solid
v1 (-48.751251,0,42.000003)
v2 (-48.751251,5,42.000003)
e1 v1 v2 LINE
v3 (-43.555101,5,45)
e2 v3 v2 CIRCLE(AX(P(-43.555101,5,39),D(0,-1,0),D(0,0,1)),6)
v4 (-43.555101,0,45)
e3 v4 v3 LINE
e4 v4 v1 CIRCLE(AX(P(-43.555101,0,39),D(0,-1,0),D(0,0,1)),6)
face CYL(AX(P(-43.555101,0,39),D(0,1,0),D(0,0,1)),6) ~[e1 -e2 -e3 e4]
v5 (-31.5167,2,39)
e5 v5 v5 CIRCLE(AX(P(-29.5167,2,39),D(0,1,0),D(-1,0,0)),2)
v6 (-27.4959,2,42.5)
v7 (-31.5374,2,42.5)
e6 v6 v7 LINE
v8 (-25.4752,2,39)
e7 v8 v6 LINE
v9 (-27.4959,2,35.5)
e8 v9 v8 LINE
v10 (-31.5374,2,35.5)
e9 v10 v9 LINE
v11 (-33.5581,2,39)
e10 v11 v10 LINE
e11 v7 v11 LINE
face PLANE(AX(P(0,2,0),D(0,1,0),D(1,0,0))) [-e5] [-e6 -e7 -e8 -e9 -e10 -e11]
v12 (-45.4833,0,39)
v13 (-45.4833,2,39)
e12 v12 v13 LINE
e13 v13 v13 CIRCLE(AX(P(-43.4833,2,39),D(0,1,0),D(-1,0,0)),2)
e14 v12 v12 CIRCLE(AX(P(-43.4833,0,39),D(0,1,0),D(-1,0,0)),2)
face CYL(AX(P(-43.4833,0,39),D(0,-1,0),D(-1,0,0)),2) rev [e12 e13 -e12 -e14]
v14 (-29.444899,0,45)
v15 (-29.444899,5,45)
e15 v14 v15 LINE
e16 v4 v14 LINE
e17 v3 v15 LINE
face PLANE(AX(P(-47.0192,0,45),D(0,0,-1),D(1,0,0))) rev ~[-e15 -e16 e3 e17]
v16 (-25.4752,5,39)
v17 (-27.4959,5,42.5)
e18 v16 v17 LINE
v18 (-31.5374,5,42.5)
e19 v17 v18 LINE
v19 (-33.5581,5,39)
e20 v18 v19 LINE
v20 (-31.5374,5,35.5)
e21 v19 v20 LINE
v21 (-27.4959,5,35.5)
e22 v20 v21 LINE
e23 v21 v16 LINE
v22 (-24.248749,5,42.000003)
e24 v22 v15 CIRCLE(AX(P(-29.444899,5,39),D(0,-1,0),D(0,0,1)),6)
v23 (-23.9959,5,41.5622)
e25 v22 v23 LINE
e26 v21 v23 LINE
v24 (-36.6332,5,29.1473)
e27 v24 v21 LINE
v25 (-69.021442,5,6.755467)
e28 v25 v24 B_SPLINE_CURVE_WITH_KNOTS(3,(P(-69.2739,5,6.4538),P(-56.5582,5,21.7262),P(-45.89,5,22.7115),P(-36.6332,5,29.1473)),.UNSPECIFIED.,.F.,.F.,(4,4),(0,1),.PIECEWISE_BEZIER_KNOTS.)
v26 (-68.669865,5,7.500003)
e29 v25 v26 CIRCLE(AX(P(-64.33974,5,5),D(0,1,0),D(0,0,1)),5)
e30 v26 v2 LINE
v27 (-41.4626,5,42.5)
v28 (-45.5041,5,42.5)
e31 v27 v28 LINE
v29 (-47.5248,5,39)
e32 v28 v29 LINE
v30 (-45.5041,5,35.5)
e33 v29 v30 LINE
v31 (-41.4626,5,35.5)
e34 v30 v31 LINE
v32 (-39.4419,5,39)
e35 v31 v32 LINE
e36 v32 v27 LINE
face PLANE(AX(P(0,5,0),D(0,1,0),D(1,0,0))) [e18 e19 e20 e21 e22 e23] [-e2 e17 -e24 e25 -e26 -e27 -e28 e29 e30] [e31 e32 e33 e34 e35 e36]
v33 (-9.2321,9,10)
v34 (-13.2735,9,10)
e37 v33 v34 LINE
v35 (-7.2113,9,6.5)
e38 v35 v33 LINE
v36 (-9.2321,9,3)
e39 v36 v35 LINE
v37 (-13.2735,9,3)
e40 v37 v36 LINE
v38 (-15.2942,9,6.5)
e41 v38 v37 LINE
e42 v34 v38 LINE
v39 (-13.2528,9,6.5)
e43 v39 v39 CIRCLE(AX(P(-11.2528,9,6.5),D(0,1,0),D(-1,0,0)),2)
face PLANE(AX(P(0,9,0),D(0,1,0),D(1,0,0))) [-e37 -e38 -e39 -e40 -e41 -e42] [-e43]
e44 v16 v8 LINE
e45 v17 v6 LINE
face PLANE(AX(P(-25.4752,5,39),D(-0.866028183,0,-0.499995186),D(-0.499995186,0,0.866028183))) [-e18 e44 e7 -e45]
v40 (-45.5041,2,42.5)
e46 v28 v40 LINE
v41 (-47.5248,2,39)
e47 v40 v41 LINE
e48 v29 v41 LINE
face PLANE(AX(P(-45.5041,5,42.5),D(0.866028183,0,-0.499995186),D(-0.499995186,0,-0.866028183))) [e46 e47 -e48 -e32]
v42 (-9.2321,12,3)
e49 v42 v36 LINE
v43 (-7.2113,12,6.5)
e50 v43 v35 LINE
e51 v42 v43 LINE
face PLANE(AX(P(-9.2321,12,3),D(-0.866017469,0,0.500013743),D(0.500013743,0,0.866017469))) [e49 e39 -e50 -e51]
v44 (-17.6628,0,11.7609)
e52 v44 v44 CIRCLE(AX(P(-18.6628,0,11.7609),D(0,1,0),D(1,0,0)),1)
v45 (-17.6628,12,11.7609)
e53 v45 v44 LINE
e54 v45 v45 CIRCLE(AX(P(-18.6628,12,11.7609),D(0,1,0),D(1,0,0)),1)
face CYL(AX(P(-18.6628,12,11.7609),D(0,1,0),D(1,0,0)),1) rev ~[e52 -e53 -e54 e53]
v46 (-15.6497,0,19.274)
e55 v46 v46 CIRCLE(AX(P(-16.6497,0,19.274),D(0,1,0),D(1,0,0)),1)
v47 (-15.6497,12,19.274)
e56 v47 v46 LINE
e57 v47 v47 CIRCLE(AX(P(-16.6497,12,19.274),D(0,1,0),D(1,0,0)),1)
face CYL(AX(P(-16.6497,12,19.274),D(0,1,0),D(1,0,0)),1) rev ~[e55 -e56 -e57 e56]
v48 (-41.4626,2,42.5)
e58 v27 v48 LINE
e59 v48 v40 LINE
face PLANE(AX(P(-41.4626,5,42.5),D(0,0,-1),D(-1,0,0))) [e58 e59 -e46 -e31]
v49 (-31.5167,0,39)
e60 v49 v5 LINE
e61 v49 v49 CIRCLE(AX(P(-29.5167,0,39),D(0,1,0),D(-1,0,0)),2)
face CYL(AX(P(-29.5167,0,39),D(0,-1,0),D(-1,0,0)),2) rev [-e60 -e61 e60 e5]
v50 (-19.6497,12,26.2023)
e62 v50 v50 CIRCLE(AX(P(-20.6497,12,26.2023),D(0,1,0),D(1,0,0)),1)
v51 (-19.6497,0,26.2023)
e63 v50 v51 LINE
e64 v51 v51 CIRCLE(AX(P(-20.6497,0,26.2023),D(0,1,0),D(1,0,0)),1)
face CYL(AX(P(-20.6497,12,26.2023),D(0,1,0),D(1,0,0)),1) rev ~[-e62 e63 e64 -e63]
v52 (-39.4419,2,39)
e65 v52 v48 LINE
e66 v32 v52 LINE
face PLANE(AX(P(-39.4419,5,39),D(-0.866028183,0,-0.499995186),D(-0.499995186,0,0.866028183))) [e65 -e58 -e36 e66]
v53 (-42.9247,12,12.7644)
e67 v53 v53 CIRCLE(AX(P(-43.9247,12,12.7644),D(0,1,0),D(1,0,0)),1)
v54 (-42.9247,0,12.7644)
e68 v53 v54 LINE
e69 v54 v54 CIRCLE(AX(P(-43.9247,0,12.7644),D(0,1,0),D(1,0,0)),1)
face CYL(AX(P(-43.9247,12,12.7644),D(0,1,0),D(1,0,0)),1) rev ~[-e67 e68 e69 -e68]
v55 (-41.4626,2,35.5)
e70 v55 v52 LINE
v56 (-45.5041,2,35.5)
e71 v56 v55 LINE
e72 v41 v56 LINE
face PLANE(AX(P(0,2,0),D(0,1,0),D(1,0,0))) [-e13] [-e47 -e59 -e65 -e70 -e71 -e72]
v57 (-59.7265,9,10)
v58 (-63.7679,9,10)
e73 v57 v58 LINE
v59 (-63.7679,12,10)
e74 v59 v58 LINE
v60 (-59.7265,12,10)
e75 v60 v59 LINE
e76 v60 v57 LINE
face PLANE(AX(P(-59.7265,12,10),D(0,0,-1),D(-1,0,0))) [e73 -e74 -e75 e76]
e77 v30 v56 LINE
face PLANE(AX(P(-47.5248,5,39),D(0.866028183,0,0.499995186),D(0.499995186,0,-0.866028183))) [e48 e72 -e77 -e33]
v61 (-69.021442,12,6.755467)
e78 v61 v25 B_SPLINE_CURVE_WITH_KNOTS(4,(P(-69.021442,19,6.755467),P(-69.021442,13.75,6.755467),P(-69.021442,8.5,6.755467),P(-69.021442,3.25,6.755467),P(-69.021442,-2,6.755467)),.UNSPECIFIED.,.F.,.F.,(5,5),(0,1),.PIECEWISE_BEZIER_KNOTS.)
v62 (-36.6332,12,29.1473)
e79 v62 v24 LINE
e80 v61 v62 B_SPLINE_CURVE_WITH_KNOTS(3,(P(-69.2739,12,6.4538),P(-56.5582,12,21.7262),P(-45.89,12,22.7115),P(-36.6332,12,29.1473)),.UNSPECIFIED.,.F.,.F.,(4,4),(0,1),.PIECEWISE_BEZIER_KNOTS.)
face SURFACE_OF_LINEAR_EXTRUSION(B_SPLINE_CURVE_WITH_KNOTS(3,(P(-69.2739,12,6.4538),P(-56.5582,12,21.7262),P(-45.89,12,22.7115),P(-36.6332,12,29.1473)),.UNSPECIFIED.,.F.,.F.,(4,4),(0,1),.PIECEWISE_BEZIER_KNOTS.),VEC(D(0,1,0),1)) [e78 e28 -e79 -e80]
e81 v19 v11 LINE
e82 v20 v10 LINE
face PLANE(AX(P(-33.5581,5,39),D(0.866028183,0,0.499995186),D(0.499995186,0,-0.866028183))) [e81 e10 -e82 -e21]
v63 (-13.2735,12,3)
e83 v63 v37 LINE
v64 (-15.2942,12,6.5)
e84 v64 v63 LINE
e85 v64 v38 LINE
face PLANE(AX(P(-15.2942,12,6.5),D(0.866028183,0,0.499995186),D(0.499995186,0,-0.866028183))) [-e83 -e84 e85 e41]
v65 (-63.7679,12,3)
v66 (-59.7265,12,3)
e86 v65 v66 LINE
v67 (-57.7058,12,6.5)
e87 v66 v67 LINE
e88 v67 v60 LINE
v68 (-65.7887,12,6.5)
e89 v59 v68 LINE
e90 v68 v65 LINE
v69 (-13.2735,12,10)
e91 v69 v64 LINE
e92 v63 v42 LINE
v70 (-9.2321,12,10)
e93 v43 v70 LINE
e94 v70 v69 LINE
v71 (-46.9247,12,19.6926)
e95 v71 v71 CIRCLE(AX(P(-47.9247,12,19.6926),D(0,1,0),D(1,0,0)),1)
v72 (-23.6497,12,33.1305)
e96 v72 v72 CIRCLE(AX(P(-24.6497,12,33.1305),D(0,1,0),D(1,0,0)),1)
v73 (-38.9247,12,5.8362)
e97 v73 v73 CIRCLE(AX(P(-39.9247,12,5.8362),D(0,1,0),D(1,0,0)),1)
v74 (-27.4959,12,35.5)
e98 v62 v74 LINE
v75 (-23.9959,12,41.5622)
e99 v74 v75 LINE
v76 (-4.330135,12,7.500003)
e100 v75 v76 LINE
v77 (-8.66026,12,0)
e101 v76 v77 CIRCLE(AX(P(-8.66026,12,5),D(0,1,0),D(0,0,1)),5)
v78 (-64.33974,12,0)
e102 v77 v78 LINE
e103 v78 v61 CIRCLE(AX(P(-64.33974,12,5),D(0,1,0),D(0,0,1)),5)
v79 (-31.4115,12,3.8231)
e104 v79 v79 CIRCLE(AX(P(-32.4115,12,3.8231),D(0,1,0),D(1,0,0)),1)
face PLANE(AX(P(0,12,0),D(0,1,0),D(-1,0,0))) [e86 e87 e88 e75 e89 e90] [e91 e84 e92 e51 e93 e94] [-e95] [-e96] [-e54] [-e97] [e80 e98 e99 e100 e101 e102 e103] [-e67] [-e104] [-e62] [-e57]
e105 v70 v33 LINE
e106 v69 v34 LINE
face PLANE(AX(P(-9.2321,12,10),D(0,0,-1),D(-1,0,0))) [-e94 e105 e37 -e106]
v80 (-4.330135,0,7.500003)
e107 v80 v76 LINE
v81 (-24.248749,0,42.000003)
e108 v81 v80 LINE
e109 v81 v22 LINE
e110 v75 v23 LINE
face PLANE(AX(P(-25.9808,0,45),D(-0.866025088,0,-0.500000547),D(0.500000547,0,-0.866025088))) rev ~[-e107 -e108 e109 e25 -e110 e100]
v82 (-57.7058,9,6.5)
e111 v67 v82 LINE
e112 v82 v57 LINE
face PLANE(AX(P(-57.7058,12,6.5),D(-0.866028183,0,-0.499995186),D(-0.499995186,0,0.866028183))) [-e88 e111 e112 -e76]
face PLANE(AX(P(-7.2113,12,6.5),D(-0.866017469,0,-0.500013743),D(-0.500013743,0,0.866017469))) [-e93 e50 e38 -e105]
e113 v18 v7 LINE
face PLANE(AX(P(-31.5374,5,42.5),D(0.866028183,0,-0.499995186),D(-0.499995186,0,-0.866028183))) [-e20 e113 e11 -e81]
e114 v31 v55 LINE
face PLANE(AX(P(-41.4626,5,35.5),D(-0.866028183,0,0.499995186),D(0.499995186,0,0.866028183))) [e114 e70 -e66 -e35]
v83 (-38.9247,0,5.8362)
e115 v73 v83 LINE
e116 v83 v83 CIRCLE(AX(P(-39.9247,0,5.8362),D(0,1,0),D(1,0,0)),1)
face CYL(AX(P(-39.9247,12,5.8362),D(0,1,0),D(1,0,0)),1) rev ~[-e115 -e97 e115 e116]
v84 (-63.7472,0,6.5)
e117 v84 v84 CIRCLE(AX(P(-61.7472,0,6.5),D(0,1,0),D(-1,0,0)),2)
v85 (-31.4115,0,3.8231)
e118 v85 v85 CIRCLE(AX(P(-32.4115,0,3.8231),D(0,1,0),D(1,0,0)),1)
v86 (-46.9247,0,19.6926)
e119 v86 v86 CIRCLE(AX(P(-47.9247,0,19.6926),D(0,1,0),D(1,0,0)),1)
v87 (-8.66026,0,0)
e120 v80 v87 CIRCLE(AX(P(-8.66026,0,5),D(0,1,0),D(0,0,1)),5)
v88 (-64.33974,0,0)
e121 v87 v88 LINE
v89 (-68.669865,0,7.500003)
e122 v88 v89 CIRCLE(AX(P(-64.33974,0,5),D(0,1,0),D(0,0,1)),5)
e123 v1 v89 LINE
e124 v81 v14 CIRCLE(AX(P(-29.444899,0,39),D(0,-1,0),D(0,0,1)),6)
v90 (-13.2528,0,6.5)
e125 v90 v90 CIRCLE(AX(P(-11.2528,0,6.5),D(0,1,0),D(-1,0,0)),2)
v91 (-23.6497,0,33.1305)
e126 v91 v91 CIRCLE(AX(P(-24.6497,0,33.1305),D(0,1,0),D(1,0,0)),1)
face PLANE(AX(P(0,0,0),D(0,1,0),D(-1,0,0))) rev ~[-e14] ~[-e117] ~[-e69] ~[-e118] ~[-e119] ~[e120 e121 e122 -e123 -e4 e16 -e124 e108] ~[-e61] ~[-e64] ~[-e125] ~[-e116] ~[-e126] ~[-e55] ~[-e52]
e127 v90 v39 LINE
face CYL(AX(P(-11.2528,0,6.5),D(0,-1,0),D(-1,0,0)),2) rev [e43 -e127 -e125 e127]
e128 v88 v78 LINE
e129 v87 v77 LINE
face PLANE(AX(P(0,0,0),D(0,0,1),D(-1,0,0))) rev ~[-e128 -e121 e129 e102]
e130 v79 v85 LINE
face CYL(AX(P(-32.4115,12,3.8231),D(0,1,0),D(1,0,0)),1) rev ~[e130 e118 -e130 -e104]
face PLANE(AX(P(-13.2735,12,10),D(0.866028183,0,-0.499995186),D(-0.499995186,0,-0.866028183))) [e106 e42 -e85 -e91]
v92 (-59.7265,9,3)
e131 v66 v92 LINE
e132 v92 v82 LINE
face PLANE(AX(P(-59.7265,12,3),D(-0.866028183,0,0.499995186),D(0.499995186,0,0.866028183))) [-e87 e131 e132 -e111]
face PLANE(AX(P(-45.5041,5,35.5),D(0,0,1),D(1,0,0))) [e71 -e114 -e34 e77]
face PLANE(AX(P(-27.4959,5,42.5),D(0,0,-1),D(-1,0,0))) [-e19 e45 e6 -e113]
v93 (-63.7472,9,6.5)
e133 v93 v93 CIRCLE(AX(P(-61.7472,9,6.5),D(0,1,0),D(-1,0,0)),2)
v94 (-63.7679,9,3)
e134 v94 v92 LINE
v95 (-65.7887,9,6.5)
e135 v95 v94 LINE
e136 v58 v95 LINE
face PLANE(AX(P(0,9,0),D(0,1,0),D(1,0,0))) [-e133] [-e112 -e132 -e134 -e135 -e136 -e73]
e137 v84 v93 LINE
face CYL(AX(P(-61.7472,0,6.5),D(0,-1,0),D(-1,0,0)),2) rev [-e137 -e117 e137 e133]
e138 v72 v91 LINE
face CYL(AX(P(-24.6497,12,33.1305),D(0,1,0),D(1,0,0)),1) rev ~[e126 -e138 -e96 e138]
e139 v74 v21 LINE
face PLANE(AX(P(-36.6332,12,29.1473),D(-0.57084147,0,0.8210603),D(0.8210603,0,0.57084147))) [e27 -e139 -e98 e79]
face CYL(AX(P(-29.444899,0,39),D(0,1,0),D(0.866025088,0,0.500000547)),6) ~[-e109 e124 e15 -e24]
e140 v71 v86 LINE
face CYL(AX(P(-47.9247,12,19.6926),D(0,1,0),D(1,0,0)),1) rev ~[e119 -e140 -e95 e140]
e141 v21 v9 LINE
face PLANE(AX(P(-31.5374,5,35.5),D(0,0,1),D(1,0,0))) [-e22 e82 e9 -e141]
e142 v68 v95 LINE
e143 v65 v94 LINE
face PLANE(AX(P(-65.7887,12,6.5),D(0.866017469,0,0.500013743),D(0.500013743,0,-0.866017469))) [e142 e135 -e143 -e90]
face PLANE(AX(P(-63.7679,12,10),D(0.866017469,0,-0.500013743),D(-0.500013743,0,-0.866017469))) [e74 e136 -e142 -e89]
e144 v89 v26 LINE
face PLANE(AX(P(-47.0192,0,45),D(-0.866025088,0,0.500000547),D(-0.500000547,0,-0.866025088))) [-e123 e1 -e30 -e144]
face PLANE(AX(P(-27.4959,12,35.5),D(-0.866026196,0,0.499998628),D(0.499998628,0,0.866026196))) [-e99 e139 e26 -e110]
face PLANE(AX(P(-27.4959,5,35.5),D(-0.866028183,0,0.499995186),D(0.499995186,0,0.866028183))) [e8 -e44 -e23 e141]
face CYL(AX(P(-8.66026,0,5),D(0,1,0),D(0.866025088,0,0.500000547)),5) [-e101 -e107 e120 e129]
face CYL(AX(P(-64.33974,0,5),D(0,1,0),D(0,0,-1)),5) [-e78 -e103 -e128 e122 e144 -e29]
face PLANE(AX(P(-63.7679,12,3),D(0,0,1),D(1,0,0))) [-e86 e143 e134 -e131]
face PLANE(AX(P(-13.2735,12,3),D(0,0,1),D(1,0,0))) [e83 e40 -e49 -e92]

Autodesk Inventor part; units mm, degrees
ref_plane "YZ Plane" through (0, 0, 0) normal (1, 0, 0) x (0, 1, 0)
ref_plane "XZ Plane" through (0, 0, 0) normal (0, 1, 0) x (-1, 0, 0)
ref_plane "XY Plane" through (0, 0, 0) normal (0, 0, 1) x (1, 0, 0)
sketch "Esquisse1" plane through (0, 0, 0) normal (0, 1, 0) x (-1, 0, 0)
  line L0 (0, 0) -> (73, 0) construction
  line L1 (73, 0) -> (36.5, 63.2199) construction
  line L2 (36.5, 63.2199) -> (0, 0) construction
  line L3 (0, 0) -> (0, 45) construction
  line L4 (0, 45) -> (25.9808, 45) construction
  line L5 (73, 0) -> (73, 39) construction
  line L6 (73, 39) -> (50.4833, 39) construction
  line L7 (22.5167, 39) -> (29.5167, 39) construction
  line L8 (50.4833, 39) -> (43.4833, 39) construction
  line L9 (25.9808, 45) -> (47.0192, 45) construction
  line L10 (43.4833, 45) -> (43.4833, 39) construction
  line L11 (29.5167, 39) -> (29.5167, 45) construction
  line L12 (3.7528, 6.5) -> (11.2528, 6.5) construction
  line L13 (11.2528, 6.5) -> (11.2528, 0) construction
  line L14 (73, 0) -> (73, 6.5) construction
  line L15 (69.2472, 6.5) -> (61.7472, 6.5) construction
  line L16 (61.7472, 6.5) -> (61.7472, 0) construction
  circle A0 centre (29.5167, 39) radius 2
  circle A1 centre (43.4833, 39) radius 2
  circle A2 centre (11.2528, 6.5) radius 2
  circle A3 centre (61.7472, 6.5) radius 2
  line L17 (0, 0) -> (73, 0)
  line L18 (47.0192, 45) -> (73, 0)
  line L19 (47.0192, 45) -> (25.9808, 45)
  line L20 (25.9808, 45) -> (0, 0)
  dimension "d1" = 73
  dimension "d2" = 60
  dimension "d3" = 45
  dimension "d5" = 39
  dimension "d7" = 7
  dimension "d17" = 6.5
  dimension "d18" = 7.5
  dimension "d20" = 4
extrude "Extrusion1" add sketch "Esquisse1" along normal blind 12
sketch "Esquisse2" plane through (0, 12, 0) normal (0, 1, 0) x (1, 0, 0)
  circle A0 centre (-43.4833, -39) radius 2 projected
  line L0 (0, 0) -> (-73, 0) projected
  line L1 (-47.0192, -45) -> (-21.0385, 0) construction
  line L2 (-47.0192, -45) -> (4.9423, -45) construction
  line L3 (-43.4833, -39) -> (-55.1747, -32.25) construction
  line L4 (-55.1747, -32.25) -> (-51.9247, -26.6208) construction
  line L5 (-51.9247, -26.6208) -> (-47.9247, -19.6926) construction
  line L6 (-47.9247, -19.6926) -> (-43.9247, -12.7644) construction
  line L7 (-43.9247, -12.7644) -> (-39.9247, -5.8362) construction
  line L8 (-43.4833, -39) -> (-25.4833, -7.8231) construction
  line L9 (-25.4833, -7.8231) -> (-32.4115, -3.8231) construction
  circle A1 centre (-32.4115, -3.8231) radius 1
  circle A2 centre (-39.9247, -5.8362) radius 1
  circle A3 centre (-43.9247, -12.7644) radius 1
  circle A4 centre (-47.9247, -19.6926) radius 1
  circle A5 centre (-18.6628, -11.7609) radius 1
  circle A6 centre (-16.6497, -19.274) radius 1
  circle A7 centre (-20.6497, -26.2023) radius 1
  circle A8 centre (-24.6497, -33.1305) radius 1
  dimension "d23" = 60
  dimension "d24" = 13.5
  dimension "d25" = 6.5
  dimension "d26" = 8
  dimension "d27" = 8
  dimension "d28" = 8
  dimension "d30" = 36
  dimension "d31" = 8
  dimension "d32" = 2
extrude "Extrusion2" cut sketch "Esquisse2" against normal through all contours A1 | A2 | A3 | A4 | A5 | A6 | A7 | A8
sketch "Esquisse3" plane through (0, 12, 0) normal (0, 1, 0) x (1, 0, 0)
  circle A0 centre (-61.7472, -6.5) radius 2 projected
  circle A1 centre (-11.2528, -6.5) radius 2 projected
  line L0 (0, 0) -> (-73, 0) projected
  line L1 (-57.7058, -6.5) -> (-59.7265, -10)
  line L2 (-59.7265, -10) -> (-63.7679, -10)
  line L3 (-63.7679, -10) -> (-65.7887, -6.5)
  line L4 (-65.7887, -6.5) -> (-63.7679, -3)
  line L5 (-63.7679, -3) -> (-59.7265, -3)
  line L6 (-59.7265, -3) -> (-57.7058, -6.5)
  line L7 (-15.2942, -6.5) -> (-13.2735, -3)
  line L8 (-13.2735, -3) -> (-9.2321, -3)
  line L9 (-9.2321, -3) -> (-7.2113, -6.5)
  line L10 (-7.2113, -6.5) -> (-9.2321, -10)
  line L11 (-9.2321, -10) -> (-13.2735, -10)
  line L12 (-13.2735, -10) -> (-15.2942, -6.5)
  line L13 (-59.7265, -3) -> (-59.7265, -10) construction
  circle A2 centre (-43.4833, -39) radius 2 projected
  circle A3 centre (-29.5167, -39) radius 2 projected
  line L14 (-47.0192, -45) -> (-25.9808, -45) projected
  line L15 (-33.5581, -39) -> (-31.5374, -35.5) construction
  line L16 (-31.5374, -35.5) -> (-27.4959, -35.5) construction
  line L17 (-27.4959, -35.5) -> (-25.4752, -39) construction
  line L18 (-25.4752, -39) -> (-27.4959, -42.5) construction
  line L19 (-27.4959, -42.5) -> (-31.5374, -42.5) construction
  line L20 (-31.5374, -42.5) -> (-33.5581, -39) construction
  line L21 (-39.4419, -39) -> (-41.4626, -42.5) construction
  line L22 (-41.4626, -42.5) -> (-45.5041, -42.5) construction
  line L23 (-45.5041, -42.5) -> (-47.5248, -39) construction
  line L24 (-47.5248, -39) -> (-45.5041, -35.5) construction
  line L25 (-45.5041, -35.5) -> (-41.4626, -35.5) construction
  line L26 (-41.4626, -35.5) -> (-39.4419, -39) construction
  dimension "d35" = 7
extrude "Extrusion3" cut sketch "Esquisse3" against normal blind 3 contours L1 L2 L3 L4 L5 L6 | L7 L8 L9 L10 L11 L12
sketch "Esquisse4" plane through (0, 12, 0) normal (0, 1, 0) x (1, 0, 0)
  line L0 (-9.2321, -10) -> (-13.2735, -10) projected
  circle A0 centre (-43.4833, -39) radius 2 projected
  circle A1 centre (-29.5167, -39) radius 2 projected
  line L1 (-73, 0) -> (-47.0192, -45) projected
  line L2 (-47.0192, -45) -> (-25.9808, -45) projected
  line L3 (-25.9808, -45) -> (0, 0) projected
  circle A2 centre (-43.4833, -39) radius 12 construction
  line L4 (-25.4752, -39) -> (-27.4959, -42.5) construction
  line L5 (-27.4959, -42.5) -> (-31.5374, -42.5) construction
  line L6 (-31.5374, -42.5) -> (-33.5581, -39) construction
  line L7 (-33.5581, -39) -> (-31.5374, -35.5) construction
  line L8 (-31.5374, -35.5) -> (-27.4959, -35.5) construction
  line L9 (-27.4959, -35.5) -> (-25.4752, -39) construction
  line L10 (-17.0563, -42.7582) -> (-44.103, -23.9539) construction
  line L11 (-9.2321, -3) -> (-7.2113, -6.5) projected
  line L12 (-36.6332, -29.1473) -> (-27.4959, -35.5)
  line L13 (-27.4959, -35.5) -> (-23.9959, -41.5622)
  line L14 (-36.6332, -29.1473) -> (-78.0005, -0.3866) construction
  line L15 (-36.6332, -29.1473) -> (13.7496, -29.1473) construction
  line L16 (-7.2113, -6.5) -> (-9.2321, -10) projected
  circle A3 centre (-43.9247, -12.7644) radius 1 projected
  circle A4 centre (-47.9247, -19.6926) radius 1 projected
  line L17 (-43.9247, -12.7644) -> (-49.4247, -22.2907) construction
  spline S0 degree 3 poles (-69.2739, -6.4538) (-56.5582, -21.7262) (-45.89, -22.7115) (-36.6332, -29.1473) knots 0 0 0 0 1 1 1 1
  point P0 (-22.5009, -38.9728)
  dimension "d38" = 12
  dimension "d48" = 11
extrude "Extrusion4" cut sketch "Esquisse4" against normal blind 7 contours S0 L12 L13 L3 L2 L1
sketch "Esquisse5" plane through (0, 5, 0) normal (0, 1, 0) x (1, 0, 0)
  circle A0 centre (-29.5167, -39) radius 2 projected
  circle A1 centre (-43.4833, -39) radius 2 projected
  line L0 (-25.9808, -45) -> (-47.0192, -45) projected
  line L1 (-39.4419, -39) -> (-41.4626, -42.5)
  line L2 (-41.4626, -42.5) -> (-45.5041, -42.5)
  line L3 (-45.5041, -42.5) -> (-47.5248, -39)
  line L4 (-47.5248, -39) -> (-45.5041, -35.5)
  line L5 (-45.5041, -35.5) -> (-41.4626, -35.5)
  line L6 (-41.4626, -35.5) -> (-39.4419, -39)
  line L7 (-33.5581, -39) -> (-31.5374, -35.5)
  line L8 (-31.5374, -35.5) -> (-27.4959, -35.5)
  line L9 (-27.4959, -35.5) -> (-25.4752, -39)
  line L10 (-25.4752, -39) -> (-27.4959, -42.5)
  line L11 (-27.4959, -42.5) -> (-31.5374, -42.5)
  line L12 (-31.5374, -42.5) -> (-33.5581, -39)
  line L13 (-59.7265, -10) -> (-63.7679, -10) projected
  line L14 (-57.7058, -6.5) -> (-59.7265, -10) projected
  point P0 (0, 0)
extrude "Extrusion5" cut sketch "Esquisse5" against normal blind 3
fillet "Congé1" radius 6 1 edges at (-25.9808, 2.5, 45)
fillet "Congé2" radius 6 1 edges at (-47.0192, 2.5, 45)
fillet "Congé3" radius 5 1 edges at (0, 6, 0)
fillet "Congé4" radius 5 1 edges at (-73, 6, 0)
properties part number "joint2+ax12print"
